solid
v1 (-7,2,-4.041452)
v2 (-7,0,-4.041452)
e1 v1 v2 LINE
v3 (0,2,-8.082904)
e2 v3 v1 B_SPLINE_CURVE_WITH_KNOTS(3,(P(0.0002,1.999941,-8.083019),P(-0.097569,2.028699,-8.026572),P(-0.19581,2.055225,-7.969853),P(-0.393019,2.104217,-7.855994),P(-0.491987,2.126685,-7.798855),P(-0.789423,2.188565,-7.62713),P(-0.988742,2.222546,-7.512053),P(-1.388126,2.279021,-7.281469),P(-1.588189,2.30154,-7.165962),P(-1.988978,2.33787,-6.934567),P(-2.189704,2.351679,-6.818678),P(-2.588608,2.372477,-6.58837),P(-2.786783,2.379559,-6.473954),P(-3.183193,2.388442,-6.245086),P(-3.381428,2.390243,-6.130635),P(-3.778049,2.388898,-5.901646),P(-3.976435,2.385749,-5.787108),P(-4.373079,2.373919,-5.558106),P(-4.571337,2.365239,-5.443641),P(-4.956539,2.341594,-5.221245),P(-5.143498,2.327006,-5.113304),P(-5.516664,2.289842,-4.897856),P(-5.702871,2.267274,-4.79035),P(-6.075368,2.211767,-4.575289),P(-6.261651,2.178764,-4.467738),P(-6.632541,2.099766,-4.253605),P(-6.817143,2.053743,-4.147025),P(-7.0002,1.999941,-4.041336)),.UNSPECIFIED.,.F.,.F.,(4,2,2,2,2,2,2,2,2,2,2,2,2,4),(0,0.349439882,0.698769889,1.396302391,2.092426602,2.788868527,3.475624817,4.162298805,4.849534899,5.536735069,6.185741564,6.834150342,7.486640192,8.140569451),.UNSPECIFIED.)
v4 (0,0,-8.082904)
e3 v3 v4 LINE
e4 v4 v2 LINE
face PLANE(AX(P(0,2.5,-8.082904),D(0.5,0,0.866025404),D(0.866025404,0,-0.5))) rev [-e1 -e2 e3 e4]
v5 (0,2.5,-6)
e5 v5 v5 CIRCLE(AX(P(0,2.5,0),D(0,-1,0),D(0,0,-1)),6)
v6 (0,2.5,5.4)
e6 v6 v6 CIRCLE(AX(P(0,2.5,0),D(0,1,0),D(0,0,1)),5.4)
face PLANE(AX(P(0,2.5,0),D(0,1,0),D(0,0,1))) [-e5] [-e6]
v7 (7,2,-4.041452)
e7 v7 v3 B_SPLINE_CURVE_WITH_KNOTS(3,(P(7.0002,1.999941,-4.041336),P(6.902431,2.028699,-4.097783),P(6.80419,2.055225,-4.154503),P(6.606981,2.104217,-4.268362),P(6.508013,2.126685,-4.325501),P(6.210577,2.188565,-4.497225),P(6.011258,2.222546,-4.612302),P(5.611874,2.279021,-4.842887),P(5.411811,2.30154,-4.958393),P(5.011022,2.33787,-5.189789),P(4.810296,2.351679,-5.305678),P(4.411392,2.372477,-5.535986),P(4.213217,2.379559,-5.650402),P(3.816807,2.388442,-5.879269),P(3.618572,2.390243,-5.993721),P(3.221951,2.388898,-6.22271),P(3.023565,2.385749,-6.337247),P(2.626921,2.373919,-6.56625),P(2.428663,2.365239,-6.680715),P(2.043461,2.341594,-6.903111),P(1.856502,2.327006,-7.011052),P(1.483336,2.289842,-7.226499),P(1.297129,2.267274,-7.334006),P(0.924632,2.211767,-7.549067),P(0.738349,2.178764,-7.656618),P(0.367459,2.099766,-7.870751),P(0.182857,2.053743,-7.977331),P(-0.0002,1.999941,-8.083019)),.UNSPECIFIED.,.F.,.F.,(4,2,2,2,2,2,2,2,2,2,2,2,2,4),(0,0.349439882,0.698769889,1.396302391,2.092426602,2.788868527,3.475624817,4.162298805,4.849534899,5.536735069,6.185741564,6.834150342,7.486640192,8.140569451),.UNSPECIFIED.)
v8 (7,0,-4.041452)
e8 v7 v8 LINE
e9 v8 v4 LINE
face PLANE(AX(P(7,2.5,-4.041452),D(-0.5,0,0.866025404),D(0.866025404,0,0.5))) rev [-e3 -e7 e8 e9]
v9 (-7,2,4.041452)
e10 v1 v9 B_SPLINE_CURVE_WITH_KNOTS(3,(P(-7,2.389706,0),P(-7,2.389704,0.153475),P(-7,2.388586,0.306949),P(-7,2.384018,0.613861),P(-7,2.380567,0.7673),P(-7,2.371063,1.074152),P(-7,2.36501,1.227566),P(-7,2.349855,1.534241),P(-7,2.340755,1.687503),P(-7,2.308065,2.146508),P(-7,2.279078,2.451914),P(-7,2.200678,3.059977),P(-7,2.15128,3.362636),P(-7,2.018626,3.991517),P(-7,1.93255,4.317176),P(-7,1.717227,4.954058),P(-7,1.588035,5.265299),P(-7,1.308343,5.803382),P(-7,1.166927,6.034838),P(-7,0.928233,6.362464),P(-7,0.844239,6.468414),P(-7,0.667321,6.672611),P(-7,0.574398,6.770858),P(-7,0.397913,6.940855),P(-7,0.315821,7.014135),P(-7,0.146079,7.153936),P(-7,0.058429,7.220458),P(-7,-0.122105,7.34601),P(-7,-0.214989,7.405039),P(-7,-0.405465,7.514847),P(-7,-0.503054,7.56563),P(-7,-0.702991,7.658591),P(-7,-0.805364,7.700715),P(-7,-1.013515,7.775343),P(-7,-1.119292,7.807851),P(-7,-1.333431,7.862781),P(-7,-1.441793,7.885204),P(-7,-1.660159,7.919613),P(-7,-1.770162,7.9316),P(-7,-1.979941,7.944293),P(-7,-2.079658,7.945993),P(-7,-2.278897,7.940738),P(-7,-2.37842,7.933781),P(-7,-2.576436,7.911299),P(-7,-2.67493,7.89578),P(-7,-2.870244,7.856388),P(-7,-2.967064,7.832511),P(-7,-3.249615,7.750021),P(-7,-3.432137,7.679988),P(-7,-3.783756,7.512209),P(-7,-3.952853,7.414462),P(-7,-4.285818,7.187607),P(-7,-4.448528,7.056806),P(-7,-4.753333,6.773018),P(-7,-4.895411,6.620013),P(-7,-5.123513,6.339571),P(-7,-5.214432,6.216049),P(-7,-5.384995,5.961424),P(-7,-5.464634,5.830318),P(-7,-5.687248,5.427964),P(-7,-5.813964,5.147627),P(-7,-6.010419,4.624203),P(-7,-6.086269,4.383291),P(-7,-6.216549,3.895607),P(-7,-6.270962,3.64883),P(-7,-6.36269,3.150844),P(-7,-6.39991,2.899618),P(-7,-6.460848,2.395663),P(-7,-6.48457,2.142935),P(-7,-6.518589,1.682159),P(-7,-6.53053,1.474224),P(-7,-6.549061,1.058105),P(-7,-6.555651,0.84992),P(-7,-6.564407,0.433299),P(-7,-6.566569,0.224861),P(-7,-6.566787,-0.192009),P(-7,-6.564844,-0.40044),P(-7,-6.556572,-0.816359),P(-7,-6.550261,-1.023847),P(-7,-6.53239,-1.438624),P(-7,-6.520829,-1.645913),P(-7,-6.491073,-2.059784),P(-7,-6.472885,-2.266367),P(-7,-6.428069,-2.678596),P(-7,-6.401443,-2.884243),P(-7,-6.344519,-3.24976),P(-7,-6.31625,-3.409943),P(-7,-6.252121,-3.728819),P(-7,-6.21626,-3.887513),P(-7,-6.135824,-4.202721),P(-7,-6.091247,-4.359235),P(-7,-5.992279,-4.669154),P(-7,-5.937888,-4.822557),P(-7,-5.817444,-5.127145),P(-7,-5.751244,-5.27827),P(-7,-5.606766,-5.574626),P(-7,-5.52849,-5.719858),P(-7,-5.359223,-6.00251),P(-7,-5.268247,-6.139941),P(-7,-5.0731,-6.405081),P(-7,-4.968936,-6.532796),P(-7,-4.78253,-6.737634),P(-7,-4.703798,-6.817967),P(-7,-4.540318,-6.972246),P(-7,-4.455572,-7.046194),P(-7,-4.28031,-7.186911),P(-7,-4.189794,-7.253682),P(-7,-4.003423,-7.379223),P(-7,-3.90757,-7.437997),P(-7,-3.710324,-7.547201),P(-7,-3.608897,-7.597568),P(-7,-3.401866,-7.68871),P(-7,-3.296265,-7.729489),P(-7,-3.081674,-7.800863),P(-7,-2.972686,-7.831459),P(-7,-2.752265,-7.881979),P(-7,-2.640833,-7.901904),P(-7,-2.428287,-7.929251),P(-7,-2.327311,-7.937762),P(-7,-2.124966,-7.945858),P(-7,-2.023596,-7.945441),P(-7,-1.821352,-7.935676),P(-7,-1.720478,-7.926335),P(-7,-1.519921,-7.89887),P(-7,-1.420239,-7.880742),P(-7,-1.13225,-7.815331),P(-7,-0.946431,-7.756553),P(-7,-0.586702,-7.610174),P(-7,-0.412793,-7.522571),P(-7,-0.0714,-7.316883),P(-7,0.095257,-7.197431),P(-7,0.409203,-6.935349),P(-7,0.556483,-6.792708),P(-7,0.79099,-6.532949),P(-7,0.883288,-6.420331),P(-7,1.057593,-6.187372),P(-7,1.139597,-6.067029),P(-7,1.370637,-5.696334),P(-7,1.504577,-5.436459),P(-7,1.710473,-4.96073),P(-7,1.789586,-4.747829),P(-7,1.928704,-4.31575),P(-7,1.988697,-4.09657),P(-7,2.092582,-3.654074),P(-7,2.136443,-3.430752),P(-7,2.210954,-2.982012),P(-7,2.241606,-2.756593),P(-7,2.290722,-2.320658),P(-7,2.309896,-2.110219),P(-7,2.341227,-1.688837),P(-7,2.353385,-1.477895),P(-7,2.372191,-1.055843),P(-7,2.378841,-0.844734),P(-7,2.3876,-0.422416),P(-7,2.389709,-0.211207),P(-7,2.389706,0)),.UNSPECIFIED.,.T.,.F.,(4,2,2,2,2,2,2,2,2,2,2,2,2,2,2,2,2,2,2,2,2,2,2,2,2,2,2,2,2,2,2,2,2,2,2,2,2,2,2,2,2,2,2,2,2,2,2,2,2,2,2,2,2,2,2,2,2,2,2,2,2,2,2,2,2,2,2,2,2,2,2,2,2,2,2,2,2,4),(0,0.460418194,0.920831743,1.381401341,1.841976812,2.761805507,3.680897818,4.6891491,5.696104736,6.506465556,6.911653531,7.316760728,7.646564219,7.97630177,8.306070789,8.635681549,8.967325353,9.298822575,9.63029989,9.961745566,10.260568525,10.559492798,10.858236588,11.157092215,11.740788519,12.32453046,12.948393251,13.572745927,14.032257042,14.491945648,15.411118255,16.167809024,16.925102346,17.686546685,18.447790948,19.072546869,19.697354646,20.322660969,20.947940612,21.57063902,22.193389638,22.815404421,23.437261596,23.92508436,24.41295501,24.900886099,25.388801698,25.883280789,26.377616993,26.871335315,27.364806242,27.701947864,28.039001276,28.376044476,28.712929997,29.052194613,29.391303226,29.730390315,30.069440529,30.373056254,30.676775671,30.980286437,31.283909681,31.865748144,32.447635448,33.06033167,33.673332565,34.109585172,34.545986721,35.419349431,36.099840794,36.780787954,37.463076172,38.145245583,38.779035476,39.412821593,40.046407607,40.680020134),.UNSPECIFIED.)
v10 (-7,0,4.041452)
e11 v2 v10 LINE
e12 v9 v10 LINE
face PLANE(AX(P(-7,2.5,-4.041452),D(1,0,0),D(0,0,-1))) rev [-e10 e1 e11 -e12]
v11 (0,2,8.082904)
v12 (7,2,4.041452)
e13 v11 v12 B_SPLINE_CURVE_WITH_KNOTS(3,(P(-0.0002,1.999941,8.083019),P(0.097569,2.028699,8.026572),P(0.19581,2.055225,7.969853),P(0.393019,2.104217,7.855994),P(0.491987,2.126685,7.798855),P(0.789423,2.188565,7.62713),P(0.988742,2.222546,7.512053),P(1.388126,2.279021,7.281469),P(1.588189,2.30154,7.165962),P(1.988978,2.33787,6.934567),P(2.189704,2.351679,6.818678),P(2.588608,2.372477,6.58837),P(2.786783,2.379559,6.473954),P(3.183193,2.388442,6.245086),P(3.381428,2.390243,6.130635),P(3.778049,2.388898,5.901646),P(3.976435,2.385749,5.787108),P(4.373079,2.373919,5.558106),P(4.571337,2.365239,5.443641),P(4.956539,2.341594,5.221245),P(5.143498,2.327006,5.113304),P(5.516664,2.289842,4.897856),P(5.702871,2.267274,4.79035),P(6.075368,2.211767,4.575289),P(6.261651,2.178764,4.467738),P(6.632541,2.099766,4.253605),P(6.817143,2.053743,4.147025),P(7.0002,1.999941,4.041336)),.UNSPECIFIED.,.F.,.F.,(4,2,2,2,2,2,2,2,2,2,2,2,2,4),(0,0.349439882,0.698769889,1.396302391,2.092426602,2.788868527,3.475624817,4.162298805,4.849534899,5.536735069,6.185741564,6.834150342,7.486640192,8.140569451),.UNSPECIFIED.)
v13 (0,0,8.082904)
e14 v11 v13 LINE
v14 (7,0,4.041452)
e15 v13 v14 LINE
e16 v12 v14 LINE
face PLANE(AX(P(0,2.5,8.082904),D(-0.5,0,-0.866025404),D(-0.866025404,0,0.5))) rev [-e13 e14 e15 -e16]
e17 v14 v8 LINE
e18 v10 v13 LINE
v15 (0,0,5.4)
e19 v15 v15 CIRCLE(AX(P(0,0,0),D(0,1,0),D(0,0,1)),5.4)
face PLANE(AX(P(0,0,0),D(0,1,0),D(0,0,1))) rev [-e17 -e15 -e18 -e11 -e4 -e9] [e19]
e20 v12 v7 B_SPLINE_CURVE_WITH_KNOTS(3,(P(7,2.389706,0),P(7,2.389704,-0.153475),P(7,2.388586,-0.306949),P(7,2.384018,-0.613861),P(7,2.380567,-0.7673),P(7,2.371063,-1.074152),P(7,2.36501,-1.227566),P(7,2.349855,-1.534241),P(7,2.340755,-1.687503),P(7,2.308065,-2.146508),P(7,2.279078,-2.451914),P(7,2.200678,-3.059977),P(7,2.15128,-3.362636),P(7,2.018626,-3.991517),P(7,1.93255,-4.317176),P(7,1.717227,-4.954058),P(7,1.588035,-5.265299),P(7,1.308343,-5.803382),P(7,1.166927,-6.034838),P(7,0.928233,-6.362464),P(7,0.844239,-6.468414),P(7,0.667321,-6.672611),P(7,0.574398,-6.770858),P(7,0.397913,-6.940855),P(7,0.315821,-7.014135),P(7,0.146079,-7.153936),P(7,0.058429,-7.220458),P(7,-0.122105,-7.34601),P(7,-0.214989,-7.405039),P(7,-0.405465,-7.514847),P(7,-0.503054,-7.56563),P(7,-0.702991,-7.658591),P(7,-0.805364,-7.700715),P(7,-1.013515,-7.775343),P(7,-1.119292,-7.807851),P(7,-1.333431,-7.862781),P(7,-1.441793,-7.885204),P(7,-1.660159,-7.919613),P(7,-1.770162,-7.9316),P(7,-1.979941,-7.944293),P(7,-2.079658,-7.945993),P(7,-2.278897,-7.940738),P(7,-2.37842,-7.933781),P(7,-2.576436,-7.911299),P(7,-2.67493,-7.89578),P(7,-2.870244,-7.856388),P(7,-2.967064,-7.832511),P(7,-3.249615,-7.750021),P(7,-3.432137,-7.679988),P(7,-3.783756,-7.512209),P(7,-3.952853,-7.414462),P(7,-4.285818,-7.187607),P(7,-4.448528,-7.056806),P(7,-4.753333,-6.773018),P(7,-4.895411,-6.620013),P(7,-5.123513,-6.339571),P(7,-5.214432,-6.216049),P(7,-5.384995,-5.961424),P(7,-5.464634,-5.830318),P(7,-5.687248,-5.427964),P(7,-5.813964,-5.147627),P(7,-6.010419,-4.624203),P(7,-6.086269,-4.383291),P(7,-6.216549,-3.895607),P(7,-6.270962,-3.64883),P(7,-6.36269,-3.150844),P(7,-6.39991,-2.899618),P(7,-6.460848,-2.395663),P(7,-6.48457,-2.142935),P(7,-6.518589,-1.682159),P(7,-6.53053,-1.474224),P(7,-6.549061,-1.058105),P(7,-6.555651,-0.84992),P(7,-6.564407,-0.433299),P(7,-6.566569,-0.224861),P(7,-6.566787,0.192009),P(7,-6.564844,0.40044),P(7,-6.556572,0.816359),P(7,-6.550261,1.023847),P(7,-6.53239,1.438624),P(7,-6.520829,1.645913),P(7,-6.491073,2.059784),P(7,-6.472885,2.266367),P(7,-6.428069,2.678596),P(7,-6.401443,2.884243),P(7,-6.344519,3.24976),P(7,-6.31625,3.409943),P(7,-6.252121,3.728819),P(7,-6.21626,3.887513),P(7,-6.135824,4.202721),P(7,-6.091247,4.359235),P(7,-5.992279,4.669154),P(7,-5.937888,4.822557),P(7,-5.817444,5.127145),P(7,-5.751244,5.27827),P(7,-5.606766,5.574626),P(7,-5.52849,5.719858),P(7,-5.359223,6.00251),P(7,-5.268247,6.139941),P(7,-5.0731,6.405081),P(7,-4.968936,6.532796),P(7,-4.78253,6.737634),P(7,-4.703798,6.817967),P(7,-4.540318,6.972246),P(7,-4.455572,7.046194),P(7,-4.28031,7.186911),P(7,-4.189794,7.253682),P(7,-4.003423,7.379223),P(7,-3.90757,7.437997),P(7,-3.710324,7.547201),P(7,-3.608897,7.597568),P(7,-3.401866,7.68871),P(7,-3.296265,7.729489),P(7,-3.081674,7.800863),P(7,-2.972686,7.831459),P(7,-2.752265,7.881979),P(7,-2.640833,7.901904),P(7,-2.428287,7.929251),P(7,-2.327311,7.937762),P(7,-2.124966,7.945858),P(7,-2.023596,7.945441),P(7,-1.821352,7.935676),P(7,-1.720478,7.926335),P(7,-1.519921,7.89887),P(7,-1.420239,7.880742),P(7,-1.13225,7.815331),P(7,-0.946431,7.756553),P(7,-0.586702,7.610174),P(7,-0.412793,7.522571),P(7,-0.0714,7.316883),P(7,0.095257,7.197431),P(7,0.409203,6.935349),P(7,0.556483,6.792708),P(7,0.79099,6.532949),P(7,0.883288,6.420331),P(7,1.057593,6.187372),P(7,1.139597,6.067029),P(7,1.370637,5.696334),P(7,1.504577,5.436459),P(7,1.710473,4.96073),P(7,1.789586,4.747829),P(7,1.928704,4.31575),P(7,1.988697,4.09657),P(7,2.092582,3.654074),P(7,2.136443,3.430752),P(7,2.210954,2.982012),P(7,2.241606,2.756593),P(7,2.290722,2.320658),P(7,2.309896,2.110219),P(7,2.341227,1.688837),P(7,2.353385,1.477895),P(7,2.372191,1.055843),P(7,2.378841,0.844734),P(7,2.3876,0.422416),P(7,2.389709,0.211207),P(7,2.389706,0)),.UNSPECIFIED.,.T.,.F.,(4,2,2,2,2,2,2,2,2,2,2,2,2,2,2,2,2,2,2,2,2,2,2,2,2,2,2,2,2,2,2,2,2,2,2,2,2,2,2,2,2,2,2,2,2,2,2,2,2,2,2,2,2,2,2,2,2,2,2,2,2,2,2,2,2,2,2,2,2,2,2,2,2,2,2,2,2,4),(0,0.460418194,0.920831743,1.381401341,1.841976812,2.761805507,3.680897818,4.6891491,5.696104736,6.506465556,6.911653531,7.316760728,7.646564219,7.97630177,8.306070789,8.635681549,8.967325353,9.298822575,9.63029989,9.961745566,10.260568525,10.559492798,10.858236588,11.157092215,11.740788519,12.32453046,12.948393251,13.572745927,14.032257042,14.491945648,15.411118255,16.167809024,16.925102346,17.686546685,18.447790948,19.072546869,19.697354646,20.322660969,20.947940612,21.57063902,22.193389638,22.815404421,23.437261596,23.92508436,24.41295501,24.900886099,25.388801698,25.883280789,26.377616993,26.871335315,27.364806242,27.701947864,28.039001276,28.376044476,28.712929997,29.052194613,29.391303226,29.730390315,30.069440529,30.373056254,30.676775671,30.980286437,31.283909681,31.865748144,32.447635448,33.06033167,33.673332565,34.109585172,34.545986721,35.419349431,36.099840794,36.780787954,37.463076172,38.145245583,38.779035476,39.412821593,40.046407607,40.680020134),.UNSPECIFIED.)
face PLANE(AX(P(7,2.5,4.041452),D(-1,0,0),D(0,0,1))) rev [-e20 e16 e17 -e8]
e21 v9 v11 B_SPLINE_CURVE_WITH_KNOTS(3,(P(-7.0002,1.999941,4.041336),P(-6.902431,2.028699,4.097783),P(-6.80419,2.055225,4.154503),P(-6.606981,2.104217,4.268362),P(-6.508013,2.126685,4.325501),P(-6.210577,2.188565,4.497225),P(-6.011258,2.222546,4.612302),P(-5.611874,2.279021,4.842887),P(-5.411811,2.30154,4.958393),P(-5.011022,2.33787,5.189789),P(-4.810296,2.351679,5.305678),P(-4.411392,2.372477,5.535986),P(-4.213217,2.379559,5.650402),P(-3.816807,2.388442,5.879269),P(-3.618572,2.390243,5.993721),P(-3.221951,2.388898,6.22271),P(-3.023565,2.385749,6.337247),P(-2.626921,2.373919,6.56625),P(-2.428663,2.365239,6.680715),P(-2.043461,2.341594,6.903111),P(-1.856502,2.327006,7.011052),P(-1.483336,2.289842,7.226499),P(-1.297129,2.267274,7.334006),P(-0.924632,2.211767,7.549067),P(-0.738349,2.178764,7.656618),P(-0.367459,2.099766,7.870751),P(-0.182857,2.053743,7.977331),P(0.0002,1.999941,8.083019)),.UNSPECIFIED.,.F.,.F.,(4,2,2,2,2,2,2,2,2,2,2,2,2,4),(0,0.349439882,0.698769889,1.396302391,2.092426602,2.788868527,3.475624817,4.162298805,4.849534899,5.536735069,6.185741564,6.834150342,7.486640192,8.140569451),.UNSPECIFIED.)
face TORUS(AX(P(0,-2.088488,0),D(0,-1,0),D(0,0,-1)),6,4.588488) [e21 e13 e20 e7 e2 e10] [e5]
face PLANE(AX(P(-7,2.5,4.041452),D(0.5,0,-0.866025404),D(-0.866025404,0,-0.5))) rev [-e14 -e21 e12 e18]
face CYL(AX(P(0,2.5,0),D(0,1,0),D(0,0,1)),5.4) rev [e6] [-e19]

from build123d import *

# Parameters (mm, degrees)
EXTRUDE_1_DEPTH = 2.5
M12X1_252_D     = 10.8


with BuildPart() as part:
    # Эскиз1 → Бобышка-Вытянуть1 (new body)
    with BuildSketch(Plane(origin=(0, 0, 0), x_dir=(1, 0, 0), z_dir=(0, 1, 0))):
        Polygon((0, -8.082903769), (7, -4.041451884), (7, 4.041451884), (0, 8.082903769), (-7, 4.041451884), (-7, -4.041451884), align=None)
    extrude(amount=EXTRUDE_1_DEPTH)

    # Эскиз2 → Вырез-Повернуть1 (revolve, cut)
    with BuildSketch(Plane(origin=(0, 0, 0), x_dir=(0, 0, -1), z_dir=(1, 0, 0))):
        with BuildLine():
            Line((-8.082903769, 2.5), (-8.082903769, 2))
            ThreePointArc((-8.082903769, 2), (-7.071037827, 2.373249344), (-6, 2.5))
            Line((-6, 2.5), (-8.082903769, 2.5))
        make_face()
    revolve(axis=Axis((0, 0, 0), (0, 1, 0)), mode=Mode.SUBTRACT)

    # Отверстие обработанное метчиком M12x1.252 (through all)
    with Locations(Plane.ZX.offset(2.5)):
        with Locations((0, 0)):
            Hole(M12X1_252_D / 2)


solid = part.part
